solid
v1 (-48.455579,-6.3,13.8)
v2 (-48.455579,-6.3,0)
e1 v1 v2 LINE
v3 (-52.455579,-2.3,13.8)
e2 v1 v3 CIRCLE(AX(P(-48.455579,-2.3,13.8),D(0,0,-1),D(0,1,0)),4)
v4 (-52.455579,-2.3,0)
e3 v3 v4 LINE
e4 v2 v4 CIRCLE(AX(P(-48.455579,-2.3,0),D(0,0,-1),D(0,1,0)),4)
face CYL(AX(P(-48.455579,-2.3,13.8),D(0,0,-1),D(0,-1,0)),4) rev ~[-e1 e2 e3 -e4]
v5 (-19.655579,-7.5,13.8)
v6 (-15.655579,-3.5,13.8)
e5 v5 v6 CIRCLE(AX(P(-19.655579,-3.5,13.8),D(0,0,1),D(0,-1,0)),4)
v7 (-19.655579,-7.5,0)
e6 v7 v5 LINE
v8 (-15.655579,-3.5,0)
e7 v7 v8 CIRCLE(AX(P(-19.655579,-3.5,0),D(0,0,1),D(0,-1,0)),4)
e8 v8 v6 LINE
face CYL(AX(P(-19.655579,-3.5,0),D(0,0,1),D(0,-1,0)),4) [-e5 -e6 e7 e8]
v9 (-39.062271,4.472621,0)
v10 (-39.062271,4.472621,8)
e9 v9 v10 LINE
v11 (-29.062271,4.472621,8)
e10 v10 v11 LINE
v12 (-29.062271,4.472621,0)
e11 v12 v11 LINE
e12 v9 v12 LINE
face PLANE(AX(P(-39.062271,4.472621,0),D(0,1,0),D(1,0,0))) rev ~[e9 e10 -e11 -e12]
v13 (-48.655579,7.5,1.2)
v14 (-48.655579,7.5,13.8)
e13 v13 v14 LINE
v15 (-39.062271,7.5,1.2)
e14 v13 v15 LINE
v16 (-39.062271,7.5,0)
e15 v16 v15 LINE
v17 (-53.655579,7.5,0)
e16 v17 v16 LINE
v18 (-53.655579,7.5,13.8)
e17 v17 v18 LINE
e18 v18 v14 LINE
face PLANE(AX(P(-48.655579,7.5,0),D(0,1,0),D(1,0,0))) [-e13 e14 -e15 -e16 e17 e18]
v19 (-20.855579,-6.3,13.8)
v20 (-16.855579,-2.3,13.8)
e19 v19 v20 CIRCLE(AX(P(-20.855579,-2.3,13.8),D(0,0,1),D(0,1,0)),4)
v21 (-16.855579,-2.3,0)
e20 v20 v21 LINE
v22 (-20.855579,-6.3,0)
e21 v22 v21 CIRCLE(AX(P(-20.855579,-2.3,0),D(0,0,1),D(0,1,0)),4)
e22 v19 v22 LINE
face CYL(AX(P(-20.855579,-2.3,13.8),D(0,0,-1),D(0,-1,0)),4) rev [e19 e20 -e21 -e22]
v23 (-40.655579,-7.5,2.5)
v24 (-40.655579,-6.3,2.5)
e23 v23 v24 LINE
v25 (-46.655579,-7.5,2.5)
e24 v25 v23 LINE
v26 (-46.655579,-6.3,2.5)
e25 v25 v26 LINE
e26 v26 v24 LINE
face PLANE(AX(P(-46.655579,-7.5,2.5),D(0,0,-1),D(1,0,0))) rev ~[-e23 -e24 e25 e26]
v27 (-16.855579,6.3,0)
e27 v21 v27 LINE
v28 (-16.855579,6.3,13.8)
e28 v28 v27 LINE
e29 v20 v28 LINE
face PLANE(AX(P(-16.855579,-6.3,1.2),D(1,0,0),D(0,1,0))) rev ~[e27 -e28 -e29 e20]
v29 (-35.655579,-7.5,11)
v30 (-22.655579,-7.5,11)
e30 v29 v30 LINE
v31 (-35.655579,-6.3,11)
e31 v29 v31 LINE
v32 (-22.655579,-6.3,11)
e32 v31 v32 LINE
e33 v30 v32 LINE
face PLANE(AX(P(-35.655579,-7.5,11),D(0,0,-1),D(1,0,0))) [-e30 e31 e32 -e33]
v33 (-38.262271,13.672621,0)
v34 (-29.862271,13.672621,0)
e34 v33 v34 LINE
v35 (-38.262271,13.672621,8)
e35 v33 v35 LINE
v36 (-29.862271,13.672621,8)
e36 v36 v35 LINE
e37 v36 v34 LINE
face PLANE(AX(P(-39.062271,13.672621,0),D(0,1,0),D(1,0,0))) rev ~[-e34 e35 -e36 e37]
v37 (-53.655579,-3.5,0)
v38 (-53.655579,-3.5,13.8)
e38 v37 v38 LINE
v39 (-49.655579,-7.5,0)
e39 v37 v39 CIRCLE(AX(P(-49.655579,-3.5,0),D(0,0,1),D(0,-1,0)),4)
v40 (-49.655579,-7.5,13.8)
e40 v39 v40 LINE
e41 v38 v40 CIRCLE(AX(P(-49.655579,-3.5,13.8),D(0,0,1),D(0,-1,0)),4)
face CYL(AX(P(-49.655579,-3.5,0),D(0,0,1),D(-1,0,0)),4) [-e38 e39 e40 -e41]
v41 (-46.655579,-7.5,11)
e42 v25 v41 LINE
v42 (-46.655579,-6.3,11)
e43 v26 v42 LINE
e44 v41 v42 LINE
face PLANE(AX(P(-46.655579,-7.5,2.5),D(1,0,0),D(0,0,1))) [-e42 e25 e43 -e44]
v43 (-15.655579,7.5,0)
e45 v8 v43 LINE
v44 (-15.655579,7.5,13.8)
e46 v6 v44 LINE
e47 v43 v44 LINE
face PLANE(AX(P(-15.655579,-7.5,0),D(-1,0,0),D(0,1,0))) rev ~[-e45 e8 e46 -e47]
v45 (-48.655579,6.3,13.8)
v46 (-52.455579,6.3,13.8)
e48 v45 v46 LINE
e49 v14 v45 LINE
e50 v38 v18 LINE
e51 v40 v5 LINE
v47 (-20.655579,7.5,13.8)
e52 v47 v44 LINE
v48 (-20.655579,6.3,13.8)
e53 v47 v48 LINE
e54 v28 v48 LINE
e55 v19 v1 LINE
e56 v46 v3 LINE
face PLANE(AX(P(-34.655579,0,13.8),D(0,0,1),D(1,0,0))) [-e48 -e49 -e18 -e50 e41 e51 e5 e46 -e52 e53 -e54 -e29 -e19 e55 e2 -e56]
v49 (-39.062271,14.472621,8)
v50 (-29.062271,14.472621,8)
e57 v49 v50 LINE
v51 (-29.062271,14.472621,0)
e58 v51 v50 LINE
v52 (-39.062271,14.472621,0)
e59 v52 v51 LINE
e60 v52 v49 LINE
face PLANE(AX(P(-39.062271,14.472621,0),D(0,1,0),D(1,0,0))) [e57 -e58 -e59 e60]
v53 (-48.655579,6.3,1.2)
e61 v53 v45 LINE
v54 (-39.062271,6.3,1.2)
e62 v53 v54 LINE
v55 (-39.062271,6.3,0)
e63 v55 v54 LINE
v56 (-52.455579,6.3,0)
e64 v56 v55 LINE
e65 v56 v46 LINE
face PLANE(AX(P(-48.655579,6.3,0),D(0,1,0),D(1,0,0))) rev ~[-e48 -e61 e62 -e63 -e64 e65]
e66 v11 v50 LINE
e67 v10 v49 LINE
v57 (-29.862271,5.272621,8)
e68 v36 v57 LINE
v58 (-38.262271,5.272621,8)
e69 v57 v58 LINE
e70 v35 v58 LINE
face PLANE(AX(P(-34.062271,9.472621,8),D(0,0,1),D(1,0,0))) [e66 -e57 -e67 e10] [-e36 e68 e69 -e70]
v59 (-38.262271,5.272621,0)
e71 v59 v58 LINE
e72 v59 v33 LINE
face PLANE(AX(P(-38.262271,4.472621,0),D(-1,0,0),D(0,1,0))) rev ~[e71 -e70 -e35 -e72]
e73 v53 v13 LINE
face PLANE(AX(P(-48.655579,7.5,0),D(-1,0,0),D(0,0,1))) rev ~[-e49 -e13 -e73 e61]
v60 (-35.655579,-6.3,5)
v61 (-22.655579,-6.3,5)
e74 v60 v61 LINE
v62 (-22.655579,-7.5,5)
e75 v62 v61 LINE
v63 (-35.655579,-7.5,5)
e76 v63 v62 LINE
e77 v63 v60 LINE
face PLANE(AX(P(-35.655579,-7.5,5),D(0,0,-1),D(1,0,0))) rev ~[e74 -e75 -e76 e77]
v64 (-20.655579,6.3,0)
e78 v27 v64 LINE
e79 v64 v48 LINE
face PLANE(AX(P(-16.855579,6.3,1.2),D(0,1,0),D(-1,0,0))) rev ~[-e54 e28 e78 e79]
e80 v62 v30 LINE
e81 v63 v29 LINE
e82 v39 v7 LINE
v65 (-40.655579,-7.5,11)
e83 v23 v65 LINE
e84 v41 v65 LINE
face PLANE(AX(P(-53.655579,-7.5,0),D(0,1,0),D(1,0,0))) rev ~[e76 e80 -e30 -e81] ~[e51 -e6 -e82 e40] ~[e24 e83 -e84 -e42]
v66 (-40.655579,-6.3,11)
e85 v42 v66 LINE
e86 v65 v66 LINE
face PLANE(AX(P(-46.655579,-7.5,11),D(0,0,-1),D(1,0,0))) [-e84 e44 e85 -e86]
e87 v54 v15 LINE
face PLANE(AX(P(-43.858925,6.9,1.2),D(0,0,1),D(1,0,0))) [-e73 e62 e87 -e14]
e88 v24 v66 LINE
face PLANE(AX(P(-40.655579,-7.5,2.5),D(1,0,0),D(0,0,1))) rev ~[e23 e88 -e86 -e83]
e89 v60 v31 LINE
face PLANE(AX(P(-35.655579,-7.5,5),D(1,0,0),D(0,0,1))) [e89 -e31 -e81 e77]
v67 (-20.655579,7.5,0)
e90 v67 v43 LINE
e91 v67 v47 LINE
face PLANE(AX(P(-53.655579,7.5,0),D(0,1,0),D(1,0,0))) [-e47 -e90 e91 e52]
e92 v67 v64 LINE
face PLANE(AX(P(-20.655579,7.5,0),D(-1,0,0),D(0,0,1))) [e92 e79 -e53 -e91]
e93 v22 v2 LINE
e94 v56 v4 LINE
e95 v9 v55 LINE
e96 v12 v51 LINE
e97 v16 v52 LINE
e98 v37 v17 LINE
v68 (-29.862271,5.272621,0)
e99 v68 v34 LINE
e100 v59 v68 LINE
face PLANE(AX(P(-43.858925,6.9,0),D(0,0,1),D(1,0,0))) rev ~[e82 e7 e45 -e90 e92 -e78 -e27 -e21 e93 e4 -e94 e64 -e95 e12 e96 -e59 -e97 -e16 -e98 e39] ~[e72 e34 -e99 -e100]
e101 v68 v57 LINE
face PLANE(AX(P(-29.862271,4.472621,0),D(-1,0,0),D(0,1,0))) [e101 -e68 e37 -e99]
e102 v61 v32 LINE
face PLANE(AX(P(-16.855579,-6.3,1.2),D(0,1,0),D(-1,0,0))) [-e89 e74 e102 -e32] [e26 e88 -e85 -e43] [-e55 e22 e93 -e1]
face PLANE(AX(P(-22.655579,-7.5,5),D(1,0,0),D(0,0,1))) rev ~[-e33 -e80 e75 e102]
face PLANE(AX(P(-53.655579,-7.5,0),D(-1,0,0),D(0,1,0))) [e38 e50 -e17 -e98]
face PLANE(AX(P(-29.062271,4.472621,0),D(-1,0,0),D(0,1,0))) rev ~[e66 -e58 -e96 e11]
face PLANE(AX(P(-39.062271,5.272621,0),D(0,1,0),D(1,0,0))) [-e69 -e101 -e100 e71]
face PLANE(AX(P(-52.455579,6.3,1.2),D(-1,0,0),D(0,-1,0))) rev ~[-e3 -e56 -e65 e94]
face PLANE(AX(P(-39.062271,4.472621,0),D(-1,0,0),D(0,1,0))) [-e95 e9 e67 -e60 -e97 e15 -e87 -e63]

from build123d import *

# Parameters (mm, degrees)
F0_W      = 38
F0_H      = 15
F1_DEPTH  = 15
F2_T      = -1.2
F3_W      = 13
F3_H      = 6
F3_W_2    = 6
F3_H_2    = 8.5
F4_DEPTH  = 1.2
F5_DEPTH  = 1.2
F6_DEPTH  = 25
F7_R      = 4
F8_W      = 28
F8_H      = 13.8
F9_DEPTH  = 1.2
F10_W     = 10
F10_H     = 10
F11_DEPTH = 8
F12_T     = -0.8
F13_DEPTH = 25
F14_W     = 9.5933079185
F14_H     = 1.2
F15_DEPTH = 1.2


with BuildPart() as f1:
    # F0 (on Top) → F1 (new body)
    with BuildSketch(Plane.XY):
        with Locations((-34.6555788131, 0)):
            Rectangle(F0_W, F0_H)
    extrude(amount=F1_DEPTH)

    # F2 (hollow: no face is removed)
    offset(amount=F2_T, mode=Mode.SUBTRACT)

    # F3 (on face) → F4 (cut, through all)
    with BuildSketch(Plane.XZ.offset(7.5)):
        with Locations((-29.1555788131, 8)):
            Rectangle(F3_W, F3_H)
        with Locations((-43.6555788131, 6.75)):
            Rectangle(F3_W_2, F3_H_2)
    extrude(amount=-F4_DEPTH, mode=Mode.SUBTRACT)

    # F5 (cut, through all): a face of the model
    f5_faces = [f1.faces().sort_by_distance(p)[0] for p in [
        (-34.6555788131, 0, 15),
    ]]
    extrude(f5_faces, amount=-F5_DEPTH, mode=Mode.SUBTRACT)

    # F6 (cut): a face of the model
    f6_faces = [f1.faces().sort_by_distance(p)[0] for p in [
        (-34.6555788131, 0, 1.2),
    ]]
    extrude(f6_faces, amount=-F6_DEPTH, mode=Mode.SUBTRACT)

    # F7
    f7_edges = [f1.edges().sort_by_distance(p)[0] for p in [
        (-15.655579, -7.5, 6.9),
        (-52.455579, -6.3, 6.9),
        (-53.655579, -7.5, 6.9),
        (-16.855579, -6.3, 6.9),
    ]]
    fillet(f7_edges, radius=F7_R)

    # F8 (on face) → F9 (cut, through all)
    with BuildSketch(Plane(origin=(0, 7.5, 0), x_dir=(-1, 0, 0), z_dir=(0, 1, 0))):
        with Locations((34.6555788131, 6.9)):
            Rectangle(F8_W, F8_H)
    extrude(amount=-F9_DEPTH, mode=Mode.SUBTRACT)



with BuildPart() as f11:
    # F10 (on Top) → F11 (new body)
    with BuildSketch(Plane.XY):
        with Locations((-34.0622708946, 9.4726205524)):
            Rectangle(F10_W, F10_H)
    extrude(amount=F11_DEPTH)

    # F12
    f12_openings = [f11.faces().sort_by_distance(p)[0] for p in [
        (-34.062271, 9.472621, 0),
    ]]
    offset(amount=F12_T, openings=f12_openings)

    # F13 (cut): a face of the model
    f13_faces = [f11.faces().sort_by_distance(p)[0] for p in [
        (-34.0622708946, 9.4726205524, 7.2),
    ]]
    extrude(f13_faces, amount=-F13_DEPTH, mode=Mode.SUBTRACT)


with BuildPart() as f1_1:
    add(f1.part)

    add(f11.part)  # F15 merges F11
    # F14 (on Top) → F15 (join)
    with BuildSketch(Plane.XY):
        with Locations((-43.8589248539, 6.9)):
            Rectangle(F14_W, F14_H)
    extrude(amount=F15_DEPTH)


solid = f1_1.part
